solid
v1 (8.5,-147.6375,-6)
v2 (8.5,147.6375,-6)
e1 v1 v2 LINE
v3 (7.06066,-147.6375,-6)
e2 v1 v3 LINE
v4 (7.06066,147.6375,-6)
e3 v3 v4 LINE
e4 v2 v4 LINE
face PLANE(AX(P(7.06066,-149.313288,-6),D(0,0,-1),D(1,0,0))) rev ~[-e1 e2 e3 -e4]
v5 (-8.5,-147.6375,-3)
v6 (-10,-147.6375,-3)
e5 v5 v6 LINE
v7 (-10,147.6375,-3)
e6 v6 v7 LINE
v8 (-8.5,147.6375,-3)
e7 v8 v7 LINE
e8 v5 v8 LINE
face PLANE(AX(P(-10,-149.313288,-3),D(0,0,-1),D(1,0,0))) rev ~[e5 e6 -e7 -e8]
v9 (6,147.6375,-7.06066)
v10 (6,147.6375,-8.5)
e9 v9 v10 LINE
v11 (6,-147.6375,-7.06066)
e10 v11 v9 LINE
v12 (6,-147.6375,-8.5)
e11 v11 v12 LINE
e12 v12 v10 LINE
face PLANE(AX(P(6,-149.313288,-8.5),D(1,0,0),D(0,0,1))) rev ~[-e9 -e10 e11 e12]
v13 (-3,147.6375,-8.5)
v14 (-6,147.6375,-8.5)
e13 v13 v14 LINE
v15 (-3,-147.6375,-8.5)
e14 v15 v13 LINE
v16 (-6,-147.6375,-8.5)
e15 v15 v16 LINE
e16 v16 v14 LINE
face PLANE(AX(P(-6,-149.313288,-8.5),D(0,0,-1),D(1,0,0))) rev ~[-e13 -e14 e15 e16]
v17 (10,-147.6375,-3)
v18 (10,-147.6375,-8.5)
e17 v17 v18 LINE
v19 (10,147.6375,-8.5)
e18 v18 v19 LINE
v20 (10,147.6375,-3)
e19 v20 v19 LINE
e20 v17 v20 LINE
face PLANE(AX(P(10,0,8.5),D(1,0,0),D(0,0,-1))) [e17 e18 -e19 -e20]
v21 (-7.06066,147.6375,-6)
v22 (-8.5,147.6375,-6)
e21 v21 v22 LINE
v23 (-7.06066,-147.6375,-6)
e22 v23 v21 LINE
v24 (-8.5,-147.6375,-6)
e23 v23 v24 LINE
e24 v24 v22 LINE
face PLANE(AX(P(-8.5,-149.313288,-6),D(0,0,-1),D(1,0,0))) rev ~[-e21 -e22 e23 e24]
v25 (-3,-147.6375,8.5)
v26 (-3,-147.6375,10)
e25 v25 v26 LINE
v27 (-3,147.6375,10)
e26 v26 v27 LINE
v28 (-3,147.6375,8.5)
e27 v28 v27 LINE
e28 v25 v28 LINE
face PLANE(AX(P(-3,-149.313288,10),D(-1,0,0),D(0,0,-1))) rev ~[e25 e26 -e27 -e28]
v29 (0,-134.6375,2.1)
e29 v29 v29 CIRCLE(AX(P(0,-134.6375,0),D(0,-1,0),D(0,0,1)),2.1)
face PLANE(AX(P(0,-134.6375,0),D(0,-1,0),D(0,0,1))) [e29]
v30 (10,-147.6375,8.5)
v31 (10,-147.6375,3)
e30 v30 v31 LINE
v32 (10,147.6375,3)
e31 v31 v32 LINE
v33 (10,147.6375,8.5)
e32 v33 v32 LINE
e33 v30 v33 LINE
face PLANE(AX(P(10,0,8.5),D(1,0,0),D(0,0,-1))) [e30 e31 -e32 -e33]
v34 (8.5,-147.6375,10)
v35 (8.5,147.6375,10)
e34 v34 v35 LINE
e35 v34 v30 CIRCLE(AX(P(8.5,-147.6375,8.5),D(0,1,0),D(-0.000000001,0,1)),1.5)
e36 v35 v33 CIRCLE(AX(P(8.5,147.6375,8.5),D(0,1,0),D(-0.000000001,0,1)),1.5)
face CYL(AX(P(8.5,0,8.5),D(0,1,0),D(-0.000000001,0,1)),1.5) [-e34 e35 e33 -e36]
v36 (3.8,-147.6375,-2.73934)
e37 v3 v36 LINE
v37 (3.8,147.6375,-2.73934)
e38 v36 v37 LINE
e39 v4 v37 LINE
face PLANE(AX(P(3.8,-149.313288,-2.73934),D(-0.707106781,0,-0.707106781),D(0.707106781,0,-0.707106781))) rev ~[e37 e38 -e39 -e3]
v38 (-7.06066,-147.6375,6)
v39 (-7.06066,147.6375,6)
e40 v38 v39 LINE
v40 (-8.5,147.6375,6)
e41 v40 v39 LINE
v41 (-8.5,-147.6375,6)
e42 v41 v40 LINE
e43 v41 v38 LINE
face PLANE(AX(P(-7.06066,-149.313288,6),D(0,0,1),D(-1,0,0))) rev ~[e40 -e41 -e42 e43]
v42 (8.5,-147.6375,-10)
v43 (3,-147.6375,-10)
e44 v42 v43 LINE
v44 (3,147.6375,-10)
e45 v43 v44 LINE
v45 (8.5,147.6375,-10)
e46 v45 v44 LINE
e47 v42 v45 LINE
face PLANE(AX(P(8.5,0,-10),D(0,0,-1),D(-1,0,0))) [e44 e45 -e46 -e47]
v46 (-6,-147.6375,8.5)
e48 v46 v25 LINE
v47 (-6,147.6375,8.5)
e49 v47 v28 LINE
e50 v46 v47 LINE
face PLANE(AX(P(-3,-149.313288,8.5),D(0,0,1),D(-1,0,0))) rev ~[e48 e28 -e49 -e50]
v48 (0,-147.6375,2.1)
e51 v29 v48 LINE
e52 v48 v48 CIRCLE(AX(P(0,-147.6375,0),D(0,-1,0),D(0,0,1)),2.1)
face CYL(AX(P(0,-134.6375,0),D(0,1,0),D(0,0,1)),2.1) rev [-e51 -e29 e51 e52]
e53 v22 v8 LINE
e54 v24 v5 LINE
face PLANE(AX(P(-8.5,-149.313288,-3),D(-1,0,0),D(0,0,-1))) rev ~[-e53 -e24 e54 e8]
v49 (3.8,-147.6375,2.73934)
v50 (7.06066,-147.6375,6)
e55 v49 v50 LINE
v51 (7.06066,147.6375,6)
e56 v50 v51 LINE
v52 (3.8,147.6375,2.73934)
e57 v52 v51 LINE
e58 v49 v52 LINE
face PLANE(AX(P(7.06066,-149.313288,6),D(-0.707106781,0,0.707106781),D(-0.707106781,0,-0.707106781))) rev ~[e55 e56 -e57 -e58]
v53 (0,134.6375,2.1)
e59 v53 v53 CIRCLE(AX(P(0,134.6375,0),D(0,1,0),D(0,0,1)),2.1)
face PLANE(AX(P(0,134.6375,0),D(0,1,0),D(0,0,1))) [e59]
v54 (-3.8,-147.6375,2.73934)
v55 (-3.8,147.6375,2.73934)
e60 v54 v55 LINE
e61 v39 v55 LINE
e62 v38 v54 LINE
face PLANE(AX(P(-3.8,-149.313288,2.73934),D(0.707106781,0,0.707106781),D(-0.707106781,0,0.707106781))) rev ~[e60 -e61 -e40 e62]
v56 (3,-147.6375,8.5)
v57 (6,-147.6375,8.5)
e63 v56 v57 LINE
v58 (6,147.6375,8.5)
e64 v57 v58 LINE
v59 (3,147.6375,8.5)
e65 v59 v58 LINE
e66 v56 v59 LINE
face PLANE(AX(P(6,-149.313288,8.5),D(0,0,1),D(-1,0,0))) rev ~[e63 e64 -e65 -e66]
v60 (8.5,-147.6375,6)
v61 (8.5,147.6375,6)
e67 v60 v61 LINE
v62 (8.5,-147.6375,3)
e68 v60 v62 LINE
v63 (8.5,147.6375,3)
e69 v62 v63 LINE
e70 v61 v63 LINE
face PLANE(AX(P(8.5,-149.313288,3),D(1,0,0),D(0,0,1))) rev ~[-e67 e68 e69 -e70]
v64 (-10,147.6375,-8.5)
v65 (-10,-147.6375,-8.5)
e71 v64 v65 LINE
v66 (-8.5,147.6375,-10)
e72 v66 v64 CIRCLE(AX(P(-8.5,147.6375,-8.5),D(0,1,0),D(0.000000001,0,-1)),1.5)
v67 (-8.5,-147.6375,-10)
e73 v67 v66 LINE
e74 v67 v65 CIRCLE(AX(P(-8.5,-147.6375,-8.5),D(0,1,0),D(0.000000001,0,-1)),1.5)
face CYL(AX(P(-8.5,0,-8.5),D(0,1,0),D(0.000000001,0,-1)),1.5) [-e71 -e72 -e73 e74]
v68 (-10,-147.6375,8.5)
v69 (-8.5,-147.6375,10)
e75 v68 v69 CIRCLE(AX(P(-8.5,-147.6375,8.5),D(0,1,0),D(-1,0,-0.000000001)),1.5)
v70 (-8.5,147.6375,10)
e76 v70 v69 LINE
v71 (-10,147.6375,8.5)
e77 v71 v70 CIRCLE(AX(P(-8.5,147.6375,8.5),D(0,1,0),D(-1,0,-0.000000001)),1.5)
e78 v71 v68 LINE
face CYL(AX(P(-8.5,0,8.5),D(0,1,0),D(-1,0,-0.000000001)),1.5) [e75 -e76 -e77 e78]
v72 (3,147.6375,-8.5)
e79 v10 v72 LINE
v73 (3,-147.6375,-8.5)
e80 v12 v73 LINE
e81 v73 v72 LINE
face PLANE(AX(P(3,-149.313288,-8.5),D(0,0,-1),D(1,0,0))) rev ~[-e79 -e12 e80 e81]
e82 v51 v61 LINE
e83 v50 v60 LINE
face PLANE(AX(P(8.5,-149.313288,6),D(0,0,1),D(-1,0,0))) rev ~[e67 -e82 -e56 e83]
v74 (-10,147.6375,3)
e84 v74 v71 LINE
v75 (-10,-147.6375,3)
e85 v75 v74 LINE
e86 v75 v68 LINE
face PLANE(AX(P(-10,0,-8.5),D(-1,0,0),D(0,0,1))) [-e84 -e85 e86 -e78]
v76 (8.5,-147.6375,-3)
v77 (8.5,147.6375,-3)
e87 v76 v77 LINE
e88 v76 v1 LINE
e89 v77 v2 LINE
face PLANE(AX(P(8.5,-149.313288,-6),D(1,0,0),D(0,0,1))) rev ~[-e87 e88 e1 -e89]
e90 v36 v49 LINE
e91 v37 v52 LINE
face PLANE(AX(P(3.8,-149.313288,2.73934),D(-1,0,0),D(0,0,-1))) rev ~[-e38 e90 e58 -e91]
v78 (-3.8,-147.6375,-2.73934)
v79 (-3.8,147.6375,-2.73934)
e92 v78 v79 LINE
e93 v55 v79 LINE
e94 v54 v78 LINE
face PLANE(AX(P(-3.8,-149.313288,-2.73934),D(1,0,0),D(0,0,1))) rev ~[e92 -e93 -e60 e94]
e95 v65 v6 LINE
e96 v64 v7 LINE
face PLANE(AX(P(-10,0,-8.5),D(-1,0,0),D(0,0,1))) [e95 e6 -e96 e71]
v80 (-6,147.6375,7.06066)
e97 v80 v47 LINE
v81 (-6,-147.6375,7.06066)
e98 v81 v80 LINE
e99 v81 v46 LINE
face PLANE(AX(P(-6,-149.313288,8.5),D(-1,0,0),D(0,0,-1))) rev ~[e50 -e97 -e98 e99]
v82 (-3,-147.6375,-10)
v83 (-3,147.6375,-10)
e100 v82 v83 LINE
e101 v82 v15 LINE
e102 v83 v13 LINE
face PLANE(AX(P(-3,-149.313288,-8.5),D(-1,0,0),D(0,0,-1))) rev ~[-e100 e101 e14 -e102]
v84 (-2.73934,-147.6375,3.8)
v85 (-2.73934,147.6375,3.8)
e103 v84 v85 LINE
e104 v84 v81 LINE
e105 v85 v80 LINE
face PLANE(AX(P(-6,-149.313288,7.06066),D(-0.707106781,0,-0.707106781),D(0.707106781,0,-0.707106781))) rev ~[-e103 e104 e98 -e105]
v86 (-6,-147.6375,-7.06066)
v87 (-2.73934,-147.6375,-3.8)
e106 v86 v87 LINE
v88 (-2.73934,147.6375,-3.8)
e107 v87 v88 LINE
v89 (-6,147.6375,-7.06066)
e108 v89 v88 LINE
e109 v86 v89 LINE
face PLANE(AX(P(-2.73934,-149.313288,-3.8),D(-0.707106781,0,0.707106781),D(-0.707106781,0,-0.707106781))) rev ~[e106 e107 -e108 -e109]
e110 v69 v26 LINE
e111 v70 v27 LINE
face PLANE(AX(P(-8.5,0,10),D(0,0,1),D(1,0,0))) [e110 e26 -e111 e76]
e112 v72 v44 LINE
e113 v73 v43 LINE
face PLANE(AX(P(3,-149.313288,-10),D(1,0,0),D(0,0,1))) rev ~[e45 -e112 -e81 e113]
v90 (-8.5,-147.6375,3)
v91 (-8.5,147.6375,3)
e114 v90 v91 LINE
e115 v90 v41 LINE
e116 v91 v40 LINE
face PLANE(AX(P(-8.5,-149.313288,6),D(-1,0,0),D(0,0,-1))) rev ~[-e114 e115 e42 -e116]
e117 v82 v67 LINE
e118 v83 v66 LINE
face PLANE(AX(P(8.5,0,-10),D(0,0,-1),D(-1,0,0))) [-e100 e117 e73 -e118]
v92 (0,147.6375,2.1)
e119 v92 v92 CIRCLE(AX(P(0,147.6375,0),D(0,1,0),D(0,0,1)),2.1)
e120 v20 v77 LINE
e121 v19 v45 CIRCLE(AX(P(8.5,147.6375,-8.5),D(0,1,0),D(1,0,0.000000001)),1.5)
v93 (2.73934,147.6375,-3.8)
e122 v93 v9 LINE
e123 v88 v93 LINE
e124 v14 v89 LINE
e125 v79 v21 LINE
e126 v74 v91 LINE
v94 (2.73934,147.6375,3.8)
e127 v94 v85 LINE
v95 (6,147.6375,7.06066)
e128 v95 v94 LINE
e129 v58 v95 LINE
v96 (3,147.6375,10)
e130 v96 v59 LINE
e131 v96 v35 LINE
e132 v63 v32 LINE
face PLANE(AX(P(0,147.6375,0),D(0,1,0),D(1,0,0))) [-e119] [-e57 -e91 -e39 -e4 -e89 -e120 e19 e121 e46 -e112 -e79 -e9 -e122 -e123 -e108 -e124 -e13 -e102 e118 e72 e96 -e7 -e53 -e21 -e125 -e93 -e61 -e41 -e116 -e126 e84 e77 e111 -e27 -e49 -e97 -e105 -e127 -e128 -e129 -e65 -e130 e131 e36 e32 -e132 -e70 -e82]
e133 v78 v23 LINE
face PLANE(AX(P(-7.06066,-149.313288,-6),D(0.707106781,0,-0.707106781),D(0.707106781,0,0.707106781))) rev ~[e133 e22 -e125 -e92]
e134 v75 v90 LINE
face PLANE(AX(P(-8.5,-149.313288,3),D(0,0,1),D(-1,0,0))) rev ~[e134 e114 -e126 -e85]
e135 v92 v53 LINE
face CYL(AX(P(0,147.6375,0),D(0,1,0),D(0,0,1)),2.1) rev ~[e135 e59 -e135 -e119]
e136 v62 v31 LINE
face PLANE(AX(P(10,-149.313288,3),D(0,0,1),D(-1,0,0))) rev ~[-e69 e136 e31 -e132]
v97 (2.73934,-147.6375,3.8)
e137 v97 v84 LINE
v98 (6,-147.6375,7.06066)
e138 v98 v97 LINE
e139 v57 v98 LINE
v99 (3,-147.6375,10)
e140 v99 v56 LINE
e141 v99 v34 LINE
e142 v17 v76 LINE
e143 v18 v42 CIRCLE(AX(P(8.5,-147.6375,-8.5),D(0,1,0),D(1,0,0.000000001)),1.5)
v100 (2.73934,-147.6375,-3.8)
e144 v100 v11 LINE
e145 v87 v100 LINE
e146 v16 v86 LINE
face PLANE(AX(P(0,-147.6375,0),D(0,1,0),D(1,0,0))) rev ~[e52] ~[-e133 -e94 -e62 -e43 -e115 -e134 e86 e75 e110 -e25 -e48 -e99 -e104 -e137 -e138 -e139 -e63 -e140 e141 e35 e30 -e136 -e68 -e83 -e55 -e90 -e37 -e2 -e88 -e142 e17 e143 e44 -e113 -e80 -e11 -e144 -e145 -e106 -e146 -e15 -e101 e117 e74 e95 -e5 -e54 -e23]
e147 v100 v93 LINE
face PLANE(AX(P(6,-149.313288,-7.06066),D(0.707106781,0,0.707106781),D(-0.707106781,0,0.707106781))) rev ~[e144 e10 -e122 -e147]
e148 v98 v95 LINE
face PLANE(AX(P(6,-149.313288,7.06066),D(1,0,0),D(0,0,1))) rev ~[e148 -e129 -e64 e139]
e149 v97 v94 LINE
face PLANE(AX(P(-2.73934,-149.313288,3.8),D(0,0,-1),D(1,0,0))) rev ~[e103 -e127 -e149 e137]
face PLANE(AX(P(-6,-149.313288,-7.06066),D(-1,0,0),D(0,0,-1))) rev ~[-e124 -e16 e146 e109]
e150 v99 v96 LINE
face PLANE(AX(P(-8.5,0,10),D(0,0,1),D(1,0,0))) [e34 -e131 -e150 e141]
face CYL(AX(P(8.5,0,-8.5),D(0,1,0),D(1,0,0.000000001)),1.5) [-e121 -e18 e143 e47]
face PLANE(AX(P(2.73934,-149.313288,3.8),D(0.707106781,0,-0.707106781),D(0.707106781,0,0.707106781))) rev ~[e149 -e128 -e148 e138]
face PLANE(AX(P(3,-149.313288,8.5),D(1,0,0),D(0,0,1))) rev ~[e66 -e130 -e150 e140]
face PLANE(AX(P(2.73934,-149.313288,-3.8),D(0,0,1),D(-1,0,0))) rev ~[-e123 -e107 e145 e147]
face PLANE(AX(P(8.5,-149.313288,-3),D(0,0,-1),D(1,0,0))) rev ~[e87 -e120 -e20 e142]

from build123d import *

# Parameters (mm, degrees)
BOSS_EXTRUDE1_DEPTH     = 147.6375
CUT_EXTRUDE1_DEPTH      = 149.31328803
CUT_EXTRUDE1_DEPTH_BACK = 149.31328803
SKETCH3_R               = 2.1
CUT_EXTRUDE2_DEPTH      = 13
CUT_EXTRUDE3_START      = -13
SKETCH4_R               = 2.1
CUT_EXTRUDE3_DEPTH      = 13


with BuildPart() as part:
    # Sketch1 → Boss-Extrude1 (new, symmetric)
    with BuildSketch(Plane(origin=(0, 0, 0), x_dir=(1, 0, 0), z_dir=(0, 1, 0))):
        with BuildLine():
            Line((-8.5, -10), (8.5, -10))
            ThreePointArc((8.5, -10), (9.560660172, -9.560660172), (10, -8.5))
            Line((10, -8.5), (10, 8.5))
            ThreePointArc((10, 8.5), (9.560660172, 9.560660172), (8.5, 10))
            Line((8.5, 10), (-8.5, 10))
            ThreePointArc((-8.5, 10), (-9.560660172, 9.560660172), (-10, 8.5))
            Line((-10, 8.5), (-10, -8.5))
            ThreePointArc((-10, -8.5), (-9.560660172, -9.560660172), (-8.5, -10))
        make_face()
    extrude(amount=BOSS_EXTRUDE1_DEPTH, both=True)

    # Sketch2 → Cut-Extrude1 (cut, two sides: drawn at the far end of the back side and taken through both)
    with BuildSketch(Plane(origin=(0, 0, 0), x_dir=(1, 0, 0), z_dir=(0, 1, 0)).offset(-CUT_EXTRUDE1_DEPTH_BACK)):
        Polygon((-3, 10), (3, 10), (3, 8.5), (6, 8.5), (6, 7.060660172), (2.739339828, 3.8), (-2.739339828, 3.8), (-6, 7.060660172), (-6, 8.5), (-3, 8.5), align=None)
        Polygon((8.5, -3), (8.5, -6), (7.060660172, -6), (3.8, -2.739339828), (3.8, 2.739339828), (7.060660172, 6), (8.5, 6), (8.5, 3), (10, 3), (10, -3), align=None)
        Polygon((-3, -8.5), (-6, -8.5), (-6, -7.060660172), (-2.739339828, -3.8), (2.739339828, -3.8), (6, -7.060660172), (6, -8.5), (3, -8.5), (3, -10), (-3, -10), align=None)
        Polygon((-8.5, 3), (-8.5, 6), (-7.060660172, 6), (-3.8, 2.739339828), (-3.8, -2.739339828), (-7.060660172, -6), (-8.5, -6), (-8.5, -3), (-10, -3), (-10, 3), align=None)
    extrude(amount=CUT_EXTRUDE1_DEPTH + CUT_EXTRUDE1_DEPTH_BACK, mode=Mode.SUBTRACT)

    # Sketch3 → Cut-Extrude2 (cut)
    with BuildSketch(Plane(origin=(0, 147.6375, 0), x_dir=(1, 0, 0), z_dir=(0, 1, 0))):
        with Locations(Location((0, 0, 0), (0, 0, 270))):
            Circle(SKETCH3_R)
    extrude(amount=-CUT_EXTRUDE2_DEPTH, mode=Mode.SUBTRACT)

    # Sketch4 → Cut-Extrude3 (cut)
    with BuildSketch(Plane.XZ.offset(147.6375).offset(CUT_EXTRUDE3_START)):
        with Locations(Location((0, 0, 0), (0, 0, 90))):
            Circle(SKETCH4_R)
    extrude(amount=CUT_EXTRUDE3_DEPTH, mode=Mode.SUBTRACT)


solid = part.part
